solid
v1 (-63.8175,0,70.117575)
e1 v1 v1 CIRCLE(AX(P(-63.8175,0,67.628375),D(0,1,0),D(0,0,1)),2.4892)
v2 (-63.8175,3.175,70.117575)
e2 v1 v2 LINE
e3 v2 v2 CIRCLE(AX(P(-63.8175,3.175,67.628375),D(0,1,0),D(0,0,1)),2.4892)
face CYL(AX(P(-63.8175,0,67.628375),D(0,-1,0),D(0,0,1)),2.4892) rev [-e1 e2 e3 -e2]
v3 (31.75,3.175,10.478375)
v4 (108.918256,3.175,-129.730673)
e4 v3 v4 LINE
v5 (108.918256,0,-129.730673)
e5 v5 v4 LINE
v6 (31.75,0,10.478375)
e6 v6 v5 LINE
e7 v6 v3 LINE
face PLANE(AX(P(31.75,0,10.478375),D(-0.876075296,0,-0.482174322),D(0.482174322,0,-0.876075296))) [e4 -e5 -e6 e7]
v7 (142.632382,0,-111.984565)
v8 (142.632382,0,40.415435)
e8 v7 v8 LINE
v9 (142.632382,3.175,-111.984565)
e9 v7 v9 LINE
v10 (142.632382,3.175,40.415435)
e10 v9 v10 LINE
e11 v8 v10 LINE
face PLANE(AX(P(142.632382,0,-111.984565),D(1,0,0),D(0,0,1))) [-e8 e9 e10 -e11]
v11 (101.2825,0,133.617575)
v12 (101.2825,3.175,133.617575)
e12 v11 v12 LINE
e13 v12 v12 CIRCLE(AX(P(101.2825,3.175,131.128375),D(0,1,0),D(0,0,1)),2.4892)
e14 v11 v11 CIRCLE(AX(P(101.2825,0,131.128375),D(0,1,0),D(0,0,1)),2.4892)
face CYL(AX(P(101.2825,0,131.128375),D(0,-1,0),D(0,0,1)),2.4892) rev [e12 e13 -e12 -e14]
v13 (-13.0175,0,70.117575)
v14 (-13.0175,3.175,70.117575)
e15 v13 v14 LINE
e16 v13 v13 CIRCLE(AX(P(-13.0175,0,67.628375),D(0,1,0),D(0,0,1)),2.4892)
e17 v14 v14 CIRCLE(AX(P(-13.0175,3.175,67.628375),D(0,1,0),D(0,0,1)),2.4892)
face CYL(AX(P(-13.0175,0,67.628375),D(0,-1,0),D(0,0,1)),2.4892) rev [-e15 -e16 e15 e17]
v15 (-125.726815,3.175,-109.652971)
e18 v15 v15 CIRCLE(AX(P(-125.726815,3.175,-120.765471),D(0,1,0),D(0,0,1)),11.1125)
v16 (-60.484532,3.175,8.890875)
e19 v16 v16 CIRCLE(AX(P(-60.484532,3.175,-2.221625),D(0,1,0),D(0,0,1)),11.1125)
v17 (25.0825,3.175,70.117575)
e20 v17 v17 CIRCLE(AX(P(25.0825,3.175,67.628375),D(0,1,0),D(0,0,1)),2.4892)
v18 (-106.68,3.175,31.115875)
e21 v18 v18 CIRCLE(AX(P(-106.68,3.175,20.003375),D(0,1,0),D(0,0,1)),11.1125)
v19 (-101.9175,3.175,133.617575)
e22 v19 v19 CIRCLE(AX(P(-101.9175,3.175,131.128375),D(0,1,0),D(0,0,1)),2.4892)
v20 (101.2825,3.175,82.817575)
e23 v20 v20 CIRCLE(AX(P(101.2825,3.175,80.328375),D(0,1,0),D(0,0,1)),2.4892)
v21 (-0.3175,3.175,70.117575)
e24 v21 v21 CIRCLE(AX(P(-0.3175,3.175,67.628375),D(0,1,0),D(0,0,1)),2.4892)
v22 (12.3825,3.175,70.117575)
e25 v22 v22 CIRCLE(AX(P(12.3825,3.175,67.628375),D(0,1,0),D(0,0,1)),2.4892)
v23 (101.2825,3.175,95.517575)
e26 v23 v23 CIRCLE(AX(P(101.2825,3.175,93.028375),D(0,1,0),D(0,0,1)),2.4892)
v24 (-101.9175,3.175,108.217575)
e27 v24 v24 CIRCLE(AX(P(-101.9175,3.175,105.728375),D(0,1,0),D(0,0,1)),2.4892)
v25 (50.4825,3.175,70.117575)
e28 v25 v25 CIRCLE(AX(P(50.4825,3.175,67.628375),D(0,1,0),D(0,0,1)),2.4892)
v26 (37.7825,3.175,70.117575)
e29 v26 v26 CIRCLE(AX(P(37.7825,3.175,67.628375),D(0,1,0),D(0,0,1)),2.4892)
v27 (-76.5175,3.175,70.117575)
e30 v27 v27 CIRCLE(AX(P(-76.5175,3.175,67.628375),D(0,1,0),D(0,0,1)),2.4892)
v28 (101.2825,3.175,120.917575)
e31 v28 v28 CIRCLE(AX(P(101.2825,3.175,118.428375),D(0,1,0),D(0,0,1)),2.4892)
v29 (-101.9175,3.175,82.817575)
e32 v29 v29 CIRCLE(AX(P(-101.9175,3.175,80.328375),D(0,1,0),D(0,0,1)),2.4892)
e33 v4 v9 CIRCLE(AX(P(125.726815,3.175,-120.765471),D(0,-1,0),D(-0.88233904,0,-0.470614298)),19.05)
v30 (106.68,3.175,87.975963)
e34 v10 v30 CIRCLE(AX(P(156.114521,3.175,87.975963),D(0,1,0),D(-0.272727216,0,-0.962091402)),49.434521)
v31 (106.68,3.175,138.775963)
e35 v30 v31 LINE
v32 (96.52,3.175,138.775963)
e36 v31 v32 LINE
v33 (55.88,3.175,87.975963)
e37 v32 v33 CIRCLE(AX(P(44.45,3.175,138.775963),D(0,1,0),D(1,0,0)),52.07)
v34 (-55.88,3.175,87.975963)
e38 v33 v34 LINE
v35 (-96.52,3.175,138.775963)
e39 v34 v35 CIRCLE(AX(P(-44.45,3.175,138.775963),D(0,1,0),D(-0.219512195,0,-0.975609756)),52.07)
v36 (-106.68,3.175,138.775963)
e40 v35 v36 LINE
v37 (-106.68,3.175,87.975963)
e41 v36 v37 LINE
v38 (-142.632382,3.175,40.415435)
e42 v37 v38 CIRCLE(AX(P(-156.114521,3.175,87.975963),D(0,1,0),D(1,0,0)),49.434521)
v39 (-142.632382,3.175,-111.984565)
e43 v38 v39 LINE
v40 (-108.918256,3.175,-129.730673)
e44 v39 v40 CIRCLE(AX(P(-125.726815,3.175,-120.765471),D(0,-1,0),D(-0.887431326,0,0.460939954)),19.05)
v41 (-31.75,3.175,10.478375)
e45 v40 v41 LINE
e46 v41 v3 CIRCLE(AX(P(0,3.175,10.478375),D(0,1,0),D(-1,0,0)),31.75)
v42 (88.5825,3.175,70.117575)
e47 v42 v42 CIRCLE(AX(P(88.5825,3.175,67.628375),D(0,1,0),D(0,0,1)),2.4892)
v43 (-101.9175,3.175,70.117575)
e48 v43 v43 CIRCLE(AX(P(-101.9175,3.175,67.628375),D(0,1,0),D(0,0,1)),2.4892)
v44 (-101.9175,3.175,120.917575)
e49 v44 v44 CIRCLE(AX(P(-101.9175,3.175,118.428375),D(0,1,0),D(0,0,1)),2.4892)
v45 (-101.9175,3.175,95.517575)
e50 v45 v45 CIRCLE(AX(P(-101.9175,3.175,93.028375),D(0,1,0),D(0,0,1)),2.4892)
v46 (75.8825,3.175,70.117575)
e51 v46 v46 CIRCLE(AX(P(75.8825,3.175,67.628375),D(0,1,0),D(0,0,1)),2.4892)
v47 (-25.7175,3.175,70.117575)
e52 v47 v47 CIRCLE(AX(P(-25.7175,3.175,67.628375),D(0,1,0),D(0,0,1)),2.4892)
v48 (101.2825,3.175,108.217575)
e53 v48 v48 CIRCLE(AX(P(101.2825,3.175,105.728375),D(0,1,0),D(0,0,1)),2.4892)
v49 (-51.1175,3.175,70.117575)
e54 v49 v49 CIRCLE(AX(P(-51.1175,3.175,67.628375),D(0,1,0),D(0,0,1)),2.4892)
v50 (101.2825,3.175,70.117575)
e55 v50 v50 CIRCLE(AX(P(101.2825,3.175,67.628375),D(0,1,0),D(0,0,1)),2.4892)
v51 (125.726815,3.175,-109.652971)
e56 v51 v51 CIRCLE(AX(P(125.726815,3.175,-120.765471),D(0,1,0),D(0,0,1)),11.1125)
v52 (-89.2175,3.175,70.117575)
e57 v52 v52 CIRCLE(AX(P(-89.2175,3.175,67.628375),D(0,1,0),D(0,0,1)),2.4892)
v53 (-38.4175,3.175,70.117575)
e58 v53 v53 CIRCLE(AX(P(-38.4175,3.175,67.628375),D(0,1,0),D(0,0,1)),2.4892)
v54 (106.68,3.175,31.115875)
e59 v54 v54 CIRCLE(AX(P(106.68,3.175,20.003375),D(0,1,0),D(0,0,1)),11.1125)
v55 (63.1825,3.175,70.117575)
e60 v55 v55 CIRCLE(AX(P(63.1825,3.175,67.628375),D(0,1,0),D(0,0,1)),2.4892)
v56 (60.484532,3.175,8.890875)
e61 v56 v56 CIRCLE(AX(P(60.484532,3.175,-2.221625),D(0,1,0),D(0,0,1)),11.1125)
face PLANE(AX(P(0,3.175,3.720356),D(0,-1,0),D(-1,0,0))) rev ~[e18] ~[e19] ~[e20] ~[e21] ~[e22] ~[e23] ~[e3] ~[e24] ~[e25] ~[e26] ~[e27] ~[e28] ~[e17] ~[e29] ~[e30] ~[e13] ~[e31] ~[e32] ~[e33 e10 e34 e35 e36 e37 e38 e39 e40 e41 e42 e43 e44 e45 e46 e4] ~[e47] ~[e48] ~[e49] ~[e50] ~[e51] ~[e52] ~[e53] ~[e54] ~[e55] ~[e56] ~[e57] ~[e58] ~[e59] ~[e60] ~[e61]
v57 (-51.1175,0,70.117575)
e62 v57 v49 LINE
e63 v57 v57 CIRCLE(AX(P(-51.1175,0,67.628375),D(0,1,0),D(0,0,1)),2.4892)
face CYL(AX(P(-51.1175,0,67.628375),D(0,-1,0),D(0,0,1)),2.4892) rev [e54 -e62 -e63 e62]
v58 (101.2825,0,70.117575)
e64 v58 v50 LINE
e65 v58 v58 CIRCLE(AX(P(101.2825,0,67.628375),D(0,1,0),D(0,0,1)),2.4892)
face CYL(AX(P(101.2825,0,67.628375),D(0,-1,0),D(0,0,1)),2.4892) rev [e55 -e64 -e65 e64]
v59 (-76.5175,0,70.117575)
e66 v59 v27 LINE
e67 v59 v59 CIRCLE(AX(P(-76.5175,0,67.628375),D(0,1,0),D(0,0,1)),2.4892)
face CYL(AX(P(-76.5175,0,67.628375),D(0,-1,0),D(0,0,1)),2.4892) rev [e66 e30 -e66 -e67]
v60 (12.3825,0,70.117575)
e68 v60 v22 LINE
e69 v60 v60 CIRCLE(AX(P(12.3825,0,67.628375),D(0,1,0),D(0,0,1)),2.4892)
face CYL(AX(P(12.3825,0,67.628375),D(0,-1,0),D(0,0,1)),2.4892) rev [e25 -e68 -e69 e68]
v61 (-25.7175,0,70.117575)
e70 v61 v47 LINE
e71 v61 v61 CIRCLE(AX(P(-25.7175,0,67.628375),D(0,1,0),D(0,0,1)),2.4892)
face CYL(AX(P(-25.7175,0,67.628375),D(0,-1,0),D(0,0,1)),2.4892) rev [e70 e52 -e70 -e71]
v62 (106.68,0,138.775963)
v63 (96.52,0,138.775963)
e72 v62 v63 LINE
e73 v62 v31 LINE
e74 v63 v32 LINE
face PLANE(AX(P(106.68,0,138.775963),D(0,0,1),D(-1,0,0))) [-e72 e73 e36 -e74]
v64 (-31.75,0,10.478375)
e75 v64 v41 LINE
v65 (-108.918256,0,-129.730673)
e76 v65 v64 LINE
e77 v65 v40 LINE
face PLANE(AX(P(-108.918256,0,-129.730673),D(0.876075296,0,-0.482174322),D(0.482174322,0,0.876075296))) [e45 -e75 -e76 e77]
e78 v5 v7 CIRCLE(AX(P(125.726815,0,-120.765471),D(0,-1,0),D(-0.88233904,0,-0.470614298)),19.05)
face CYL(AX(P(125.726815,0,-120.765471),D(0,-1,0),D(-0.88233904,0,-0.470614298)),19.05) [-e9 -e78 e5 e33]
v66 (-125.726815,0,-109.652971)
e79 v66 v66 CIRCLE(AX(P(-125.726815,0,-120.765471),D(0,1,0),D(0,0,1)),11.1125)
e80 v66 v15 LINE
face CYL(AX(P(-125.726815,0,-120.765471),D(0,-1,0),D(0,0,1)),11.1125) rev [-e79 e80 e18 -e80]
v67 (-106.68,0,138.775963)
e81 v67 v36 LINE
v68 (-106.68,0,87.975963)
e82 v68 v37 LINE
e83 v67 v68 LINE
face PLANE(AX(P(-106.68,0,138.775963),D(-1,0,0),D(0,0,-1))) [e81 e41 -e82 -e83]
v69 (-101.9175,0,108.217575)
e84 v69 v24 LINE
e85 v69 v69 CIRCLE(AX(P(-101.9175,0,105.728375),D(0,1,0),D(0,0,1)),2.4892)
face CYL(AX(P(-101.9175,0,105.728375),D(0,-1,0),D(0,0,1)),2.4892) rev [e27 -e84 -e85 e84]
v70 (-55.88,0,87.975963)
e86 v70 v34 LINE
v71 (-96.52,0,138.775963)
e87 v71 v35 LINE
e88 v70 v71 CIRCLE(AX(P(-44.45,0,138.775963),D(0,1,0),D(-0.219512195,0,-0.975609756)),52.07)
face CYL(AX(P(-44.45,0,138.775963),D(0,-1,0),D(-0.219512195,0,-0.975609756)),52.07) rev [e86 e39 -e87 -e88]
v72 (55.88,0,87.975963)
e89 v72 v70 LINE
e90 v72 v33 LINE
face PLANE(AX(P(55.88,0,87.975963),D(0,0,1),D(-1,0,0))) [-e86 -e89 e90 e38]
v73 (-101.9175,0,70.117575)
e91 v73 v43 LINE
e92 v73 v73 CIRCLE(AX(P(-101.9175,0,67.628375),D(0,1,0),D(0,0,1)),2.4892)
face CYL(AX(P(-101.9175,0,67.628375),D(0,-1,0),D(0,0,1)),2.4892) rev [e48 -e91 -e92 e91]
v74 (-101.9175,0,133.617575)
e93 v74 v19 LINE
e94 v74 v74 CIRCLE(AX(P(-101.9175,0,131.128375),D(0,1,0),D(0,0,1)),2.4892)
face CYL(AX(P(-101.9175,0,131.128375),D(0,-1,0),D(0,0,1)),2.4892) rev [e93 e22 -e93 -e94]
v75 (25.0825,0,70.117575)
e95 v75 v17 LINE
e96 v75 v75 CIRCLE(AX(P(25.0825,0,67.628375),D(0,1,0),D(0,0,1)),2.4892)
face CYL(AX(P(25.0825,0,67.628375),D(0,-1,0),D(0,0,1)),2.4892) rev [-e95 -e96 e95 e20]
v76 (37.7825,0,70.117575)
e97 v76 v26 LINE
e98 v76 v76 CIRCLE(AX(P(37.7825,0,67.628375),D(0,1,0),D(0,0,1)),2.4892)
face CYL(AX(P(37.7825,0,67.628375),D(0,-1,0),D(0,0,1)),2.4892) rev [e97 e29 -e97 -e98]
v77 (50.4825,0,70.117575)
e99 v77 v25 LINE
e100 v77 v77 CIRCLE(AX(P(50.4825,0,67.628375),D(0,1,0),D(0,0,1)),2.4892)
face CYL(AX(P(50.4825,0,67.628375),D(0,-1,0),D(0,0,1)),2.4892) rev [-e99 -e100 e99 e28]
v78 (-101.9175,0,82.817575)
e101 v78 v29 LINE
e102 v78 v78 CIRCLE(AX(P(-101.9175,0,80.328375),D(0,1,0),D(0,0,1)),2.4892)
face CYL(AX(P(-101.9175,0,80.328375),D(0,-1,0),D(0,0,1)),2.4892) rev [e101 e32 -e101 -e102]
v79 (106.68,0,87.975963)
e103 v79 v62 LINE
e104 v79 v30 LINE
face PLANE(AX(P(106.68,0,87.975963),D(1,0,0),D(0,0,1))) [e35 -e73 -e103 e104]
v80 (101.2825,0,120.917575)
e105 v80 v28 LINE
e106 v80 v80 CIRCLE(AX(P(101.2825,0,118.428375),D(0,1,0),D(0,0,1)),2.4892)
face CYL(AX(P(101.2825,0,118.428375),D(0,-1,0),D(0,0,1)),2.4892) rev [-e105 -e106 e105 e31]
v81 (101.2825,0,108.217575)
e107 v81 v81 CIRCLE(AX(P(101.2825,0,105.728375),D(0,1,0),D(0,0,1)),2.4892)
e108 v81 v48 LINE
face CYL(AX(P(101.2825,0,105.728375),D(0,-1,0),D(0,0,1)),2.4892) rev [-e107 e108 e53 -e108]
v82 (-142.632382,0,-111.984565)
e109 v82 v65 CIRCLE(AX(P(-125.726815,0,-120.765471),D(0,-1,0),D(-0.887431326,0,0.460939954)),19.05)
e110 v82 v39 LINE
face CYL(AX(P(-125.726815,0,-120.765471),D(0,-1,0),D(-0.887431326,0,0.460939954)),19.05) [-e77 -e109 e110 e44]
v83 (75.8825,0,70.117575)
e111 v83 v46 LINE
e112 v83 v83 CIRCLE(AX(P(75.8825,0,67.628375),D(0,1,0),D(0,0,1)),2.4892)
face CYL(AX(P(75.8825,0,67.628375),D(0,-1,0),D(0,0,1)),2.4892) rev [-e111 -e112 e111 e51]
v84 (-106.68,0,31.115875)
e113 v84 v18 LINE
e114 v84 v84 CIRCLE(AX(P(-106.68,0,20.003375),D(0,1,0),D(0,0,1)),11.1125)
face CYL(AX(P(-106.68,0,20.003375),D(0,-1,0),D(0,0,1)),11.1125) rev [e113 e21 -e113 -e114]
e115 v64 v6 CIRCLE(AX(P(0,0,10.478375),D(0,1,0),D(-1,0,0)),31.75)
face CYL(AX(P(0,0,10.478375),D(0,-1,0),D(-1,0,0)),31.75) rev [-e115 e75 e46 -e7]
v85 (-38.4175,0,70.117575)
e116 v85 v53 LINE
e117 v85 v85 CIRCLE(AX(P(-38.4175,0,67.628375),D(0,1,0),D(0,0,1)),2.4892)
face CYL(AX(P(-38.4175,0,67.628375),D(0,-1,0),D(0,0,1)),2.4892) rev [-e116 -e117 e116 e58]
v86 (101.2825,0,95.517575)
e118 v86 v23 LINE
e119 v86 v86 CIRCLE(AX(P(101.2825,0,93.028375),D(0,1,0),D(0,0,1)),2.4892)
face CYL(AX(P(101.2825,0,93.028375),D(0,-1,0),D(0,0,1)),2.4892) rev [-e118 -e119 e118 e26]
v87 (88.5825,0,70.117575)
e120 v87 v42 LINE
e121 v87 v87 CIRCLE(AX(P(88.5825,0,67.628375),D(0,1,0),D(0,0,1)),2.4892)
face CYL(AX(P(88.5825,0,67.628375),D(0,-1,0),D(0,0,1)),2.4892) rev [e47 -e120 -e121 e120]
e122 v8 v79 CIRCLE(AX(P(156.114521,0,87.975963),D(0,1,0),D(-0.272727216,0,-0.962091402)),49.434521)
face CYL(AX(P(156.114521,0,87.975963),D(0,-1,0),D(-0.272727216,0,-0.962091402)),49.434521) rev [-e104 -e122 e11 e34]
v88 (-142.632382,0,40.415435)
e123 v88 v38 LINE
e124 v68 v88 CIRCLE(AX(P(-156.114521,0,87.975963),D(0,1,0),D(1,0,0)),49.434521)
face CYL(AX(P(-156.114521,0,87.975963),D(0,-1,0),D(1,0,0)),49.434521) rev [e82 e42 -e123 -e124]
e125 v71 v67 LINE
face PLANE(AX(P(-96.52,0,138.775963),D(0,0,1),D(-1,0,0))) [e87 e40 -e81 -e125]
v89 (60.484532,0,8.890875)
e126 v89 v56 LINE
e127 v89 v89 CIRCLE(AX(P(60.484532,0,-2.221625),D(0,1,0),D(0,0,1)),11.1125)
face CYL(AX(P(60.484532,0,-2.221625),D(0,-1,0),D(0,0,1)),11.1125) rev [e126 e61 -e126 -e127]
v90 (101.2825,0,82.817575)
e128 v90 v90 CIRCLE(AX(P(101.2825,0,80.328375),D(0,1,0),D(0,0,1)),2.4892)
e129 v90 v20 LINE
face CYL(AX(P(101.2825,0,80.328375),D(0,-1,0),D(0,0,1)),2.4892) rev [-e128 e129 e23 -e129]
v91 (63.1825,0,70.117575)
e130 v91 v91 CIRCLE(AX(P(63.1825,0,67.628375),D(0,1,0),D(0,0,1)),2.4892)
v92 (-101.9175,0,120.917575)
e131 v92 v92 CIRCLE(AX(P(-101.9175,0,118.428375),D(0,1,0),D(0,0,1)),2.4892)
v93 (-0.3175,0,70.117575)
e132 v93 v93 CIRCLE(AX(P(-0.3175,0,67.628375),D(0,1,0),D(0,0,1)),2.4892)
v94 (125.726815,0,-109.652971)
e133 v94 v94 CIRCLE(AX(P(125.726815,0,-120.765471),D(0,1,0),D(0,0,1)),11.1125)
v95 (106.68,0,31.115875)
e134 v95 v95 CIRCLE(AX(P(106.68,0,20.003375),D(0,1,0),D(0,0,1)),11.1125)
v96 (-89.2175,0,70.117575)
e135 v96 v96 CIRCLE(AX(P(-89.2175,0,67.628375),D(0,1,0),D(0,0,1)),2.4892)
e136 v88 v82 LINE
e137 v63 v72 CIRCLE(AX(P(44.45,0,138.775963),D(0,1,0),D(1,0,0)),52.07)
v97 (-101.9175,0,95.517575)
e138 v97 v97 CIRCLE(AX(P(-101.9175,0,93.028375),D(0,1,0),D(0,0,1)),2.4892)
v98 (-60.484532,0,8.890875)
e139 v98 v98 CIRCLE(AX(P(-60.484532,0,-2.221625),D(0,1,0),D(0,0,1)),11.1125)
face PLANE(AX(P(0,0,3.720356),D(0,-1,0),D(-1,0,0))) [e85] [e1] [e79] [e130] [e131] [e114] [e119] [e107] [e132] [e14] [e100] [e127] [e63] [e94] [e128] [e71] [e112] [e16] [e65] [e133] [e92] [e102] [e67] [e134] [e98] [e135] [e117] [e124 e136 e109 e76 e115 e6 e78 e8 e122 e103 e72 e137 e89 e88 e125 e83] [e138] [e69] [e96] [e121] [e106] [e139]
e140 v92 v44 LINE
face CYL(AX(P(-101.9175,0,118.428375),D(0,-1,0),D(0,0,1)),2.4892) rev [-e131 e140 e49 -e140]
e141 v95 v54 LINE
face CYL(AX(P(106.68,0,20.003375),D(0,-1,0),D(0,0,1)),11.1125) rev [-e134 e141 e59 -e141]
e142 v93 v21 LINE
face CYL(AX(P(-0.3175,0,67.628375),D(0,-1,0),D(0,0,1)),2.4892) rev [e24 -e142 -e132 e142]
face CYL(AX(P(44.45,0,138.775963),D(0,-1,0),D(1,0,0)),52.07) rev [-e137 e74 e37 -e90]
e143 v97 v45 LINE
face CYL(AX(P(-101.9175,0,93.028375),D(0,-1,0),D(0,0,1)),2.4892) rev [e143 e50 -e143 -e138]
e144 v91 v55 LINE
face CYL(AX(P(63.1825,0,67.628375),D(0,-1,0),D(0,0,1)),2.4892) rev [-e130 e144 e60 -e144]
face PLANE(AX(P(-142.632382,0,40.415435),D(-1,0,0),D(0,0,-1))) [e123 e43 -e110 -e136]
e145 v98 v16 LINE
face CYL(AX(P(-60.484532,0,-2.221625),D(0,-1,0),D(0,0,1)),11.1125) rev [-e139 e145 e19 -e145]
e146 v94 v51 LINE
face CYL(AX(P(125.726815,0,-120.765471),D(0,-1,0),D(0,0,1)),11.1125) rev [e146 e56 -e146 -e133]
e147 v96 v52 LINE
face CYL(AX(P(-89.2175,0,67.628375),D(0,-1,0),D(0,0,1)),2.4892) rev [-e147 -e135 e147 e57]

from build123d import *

# Parameters (mm, degrees)
SKETCH1_R           = 11.1125
SKETCH1_R_2         = 2.4892
BOSS_EXTRUDE1_DEPTH = 3.175


with BuildPart() as part:
    # Sketch1 → Boss-Extrude1 (new body)
    with BuildSketch(Plane(origin=(0, 0, 0), x_dir=(1, 0, 0), z_dir=(0, 1, 0))):
        with BuildLine():
            Line((142.632381685, 111.984564783), (142.632381685, -40.415435217))
            ThreePointArc((142.632381685, -40.415435217), (116.6794163, -58.165823863), (106.68, -87.975962792))
            Line((106.68, -87.975962792), (106.68, -138.775962792))
            Line((106.68, -138.775962792), (96.52, -138.775962792))
            ThreePointArc((96.52, -138.775962792), (85.109838908, -106.248091666), (55.88, -87.975962792))
            Line((55.88, -87.975962792), (-55.88, -87.975962792))
            ThreePointArc((-55.88, -87.975962792), (-85.109838908, -106.248091666), (-96.52, -138.775962792))
            Line((-96.52, -138.775962792), (-106.68, -138.775962792))
            Line((-106.68, -138.775962792), (-106.68, -87.975962792))
            ThreePointArc((-106.68, -87.975962792), (-116.6794163, -58.165823863), (-142.632381685, -40.415435217))
            Line((-142.632381685, -40.415435217), (-142.632381685, 111.984564783))
            ThreePointArc((-142.632381685, 111.984564783), (-134.600001748, 137.62278551), (-108.918256202, 129.730673295))
            Line((-108.918256202, 129.730673295), (-31.75, -10.478375174))
            ThreePointArc((-31.75, -10.478375174), (0, -42.228375174), (31.75, -10.478375174))
            Line((31.75, -10.478375174), (108.918256202, 129.730673295))
            ThreePointArc((108.918256202, 129.730673295), (134.600001748, 137.62278551), (142.632381685, 111.984564783))
        make_face()
        with Locations(Location((-60.484532313, 2.221624826, 0), (0, 0, 270))):
            Circle(SKETCH1_R, mode=Mode.SUBTRACT)
        with Locations(Location((-125.726814921, 120.76547091, 0), (0, 0, 270))):
            Circle(SKETCH1_R, mode=Mode.SUBTRACT)
        with Locations(Location((125.726814921, 120.76547091, 0), (0, 0, 270))):
            Circle(SKETCH1_R, mode=Mode.SUBTRACT)
        with Locations(Location((-101.9175, -67.628375174, 0), (0, 0, 270))):
            Circle(SKETCH1_R_2, mode=Mode.SUBTRACT)
        with Locations(Location((60.484532313, 2.221624826, 0), (0, 0, 270))):
            Circle(SKETCH1_R, mode=Mode.SUBTRACT)
        with Locations(Location((-89.2175, -67.628375174, 0), (0, 0, 270))):
            Circle(SKETCH1_R_2, mode=Mode.SUBTRACT)
        with Locations(Location((-76.5175, -67.628375174, 0), (0, 0, 270))):
            Circle(SKETCH1_R_2, mode=Mode.SUBTRACT)
        with Locations(Location((-63.8175, -67.628375174, 0), (0, 0, 270))):
            Circle(SKETCH1_R_2, mode=Mode.SUBTRACT)
        with Locations(Location((-51.1175, -67.628375174, 0), (0, 0, 270))):
            Circle(SKETCH1_R_2, mode=Mode.SUBTRACT)
        with Locations(Location((-38.4175, -67.628375174, 0), (0, 0, 270))):
            Circle(SKETCH1_R_2, mode=Mode.SUBTRACT)
        with Locations(Location((-25.7175, -67.628375174, 0), (0, 0, 270))):
            Circle(SKETCH1_R_2, mode=Mode.SUBTRACT)
        with Locations(Location((-13.0175, -67.628375174, 0), (0, 0, 270))):
            Circle(SKETCH1_R_2, mode=Mode.SUBTRACT)
        with Locations(Location((-0.3175, -67.628375174, 0), (0, 0, 270))):
            Circle(SKETCH1_R_2, mode=Mode.SUBTRACT)
        with Locations(Location((12.3825, -67.628375174, 0), (0, 0, 270))):
            Circle(SKETCH1_R_2, mode=Mode.SUBTRACT)
        with Locations(Location((25.0825, -67.628375174, 0), (0, 0, 270))):
            Circle(SKETCH1_R_2, mode=Mode.SUBTRACT)
        with Locations(Location((37.7825, -67.628375174, 0), (0, 0, 270))):
            Circle(SKETCH1_R_2, mode=Mode.SUBTRACT)
        with Locations(Location((50.4825, -67.628375174, 0), (0, 0, 270))):
            Circle(SKETCH1_R_2, mode=Mode.SUBTRACT)
        with Locations(Location((63.1825, -67.628375174, 0), (0, 0, 270))):
            Circle(SKETCH1_R_2, mode=Mode.SUBTRACT)
        with Locations(Location((75.8825, -67.628375174, 0), (0, 0, 270))):
            Circle(SKETCH1_R_2, mode=Mode.SUBTRACT)
        with Locations(Location((88.5825, -67.628375174, 0), (0, 0, 270))):
            Circle(SKETCH1_R_2, mode=Mode.SUBTRACT)
        with Locations(Location((101.2825, -67.628375174, 0), (0, 0, 270))):
            Circle(SKETCH1_R_2, mode=Mode.SUBTRACT)
        with Locations(Location((-101.9175, -80.328375174, 0), (0, 0, 270))):
            Circle(SKETCH1_R_2, mode=Mode.SUBTRACT)
        with Locations(Location((-101.9175, -93.028375174, 0), (0, 0, 270))):
            Circle(SKETCH1_R_2, mode=Mode.SUBTRACT)
        with Locations(Location((-101.9175, -105.728375174, 0), (0, 0, 270))):
            Circle(SKETCH1_R_2, mode=Mode.SUBTRACT)
        with Locations(Location((-101.9175, -118.428375174, 0), (0, 0, 270))):
            Circle(SKETCH1_R_2, mode=Mode.SUBTRACT)
        with Locations(Location((-101.9175, -131.128375174, 0), (0, 0, 270))):
            Circle(SKETCH1_R_2, mode=Mode.SUBTRACT)
        with Locations(Location((101.2825, -80.328375174, 0), (0, 0, 270))):
            Circle(SKETCH1_R_2, mode=Mode.SUBTRACT)
        with Locations(Location((101.2825, -93.028375174, 0), (0, 0, 270))):
            Circle(SKETCH1_R_2, mode=Mode.SUBTRACT)
        with Locations(Location((101.2825, -105.728375174, 0), (0, 0, 270))):
            Circle(SKETCH1_R_2, mode=Mode.SUBTRACT)
        with Locations(Location((101.2825, -118.428375174, 0), (0, 0, 270))):
            Circle(SKETCH1_R_2, mode=Mode.SUBTRACT)
        with Locations(Location((101.2825, -131.128375174, 0), (0, 0, 270))):
            Circle(SKETCH1_R_2, mode=Mode.SUBTRACT)
        with Locations(Location((-106.68, -20.003375174, 0), (0, 0, 270))):
            Circle(SKETCH1_R, mode=Mode.SUBTRACT)
        with Locations(Location((106.68, -20.003375174, 0), (0, 0, 270))):
            Circle(SKETCH1_R, mode=Mode.SUBTRACT)
    extrude(amount=BOSS_EXTRUDE1_DEPTH)


solid = part.part
